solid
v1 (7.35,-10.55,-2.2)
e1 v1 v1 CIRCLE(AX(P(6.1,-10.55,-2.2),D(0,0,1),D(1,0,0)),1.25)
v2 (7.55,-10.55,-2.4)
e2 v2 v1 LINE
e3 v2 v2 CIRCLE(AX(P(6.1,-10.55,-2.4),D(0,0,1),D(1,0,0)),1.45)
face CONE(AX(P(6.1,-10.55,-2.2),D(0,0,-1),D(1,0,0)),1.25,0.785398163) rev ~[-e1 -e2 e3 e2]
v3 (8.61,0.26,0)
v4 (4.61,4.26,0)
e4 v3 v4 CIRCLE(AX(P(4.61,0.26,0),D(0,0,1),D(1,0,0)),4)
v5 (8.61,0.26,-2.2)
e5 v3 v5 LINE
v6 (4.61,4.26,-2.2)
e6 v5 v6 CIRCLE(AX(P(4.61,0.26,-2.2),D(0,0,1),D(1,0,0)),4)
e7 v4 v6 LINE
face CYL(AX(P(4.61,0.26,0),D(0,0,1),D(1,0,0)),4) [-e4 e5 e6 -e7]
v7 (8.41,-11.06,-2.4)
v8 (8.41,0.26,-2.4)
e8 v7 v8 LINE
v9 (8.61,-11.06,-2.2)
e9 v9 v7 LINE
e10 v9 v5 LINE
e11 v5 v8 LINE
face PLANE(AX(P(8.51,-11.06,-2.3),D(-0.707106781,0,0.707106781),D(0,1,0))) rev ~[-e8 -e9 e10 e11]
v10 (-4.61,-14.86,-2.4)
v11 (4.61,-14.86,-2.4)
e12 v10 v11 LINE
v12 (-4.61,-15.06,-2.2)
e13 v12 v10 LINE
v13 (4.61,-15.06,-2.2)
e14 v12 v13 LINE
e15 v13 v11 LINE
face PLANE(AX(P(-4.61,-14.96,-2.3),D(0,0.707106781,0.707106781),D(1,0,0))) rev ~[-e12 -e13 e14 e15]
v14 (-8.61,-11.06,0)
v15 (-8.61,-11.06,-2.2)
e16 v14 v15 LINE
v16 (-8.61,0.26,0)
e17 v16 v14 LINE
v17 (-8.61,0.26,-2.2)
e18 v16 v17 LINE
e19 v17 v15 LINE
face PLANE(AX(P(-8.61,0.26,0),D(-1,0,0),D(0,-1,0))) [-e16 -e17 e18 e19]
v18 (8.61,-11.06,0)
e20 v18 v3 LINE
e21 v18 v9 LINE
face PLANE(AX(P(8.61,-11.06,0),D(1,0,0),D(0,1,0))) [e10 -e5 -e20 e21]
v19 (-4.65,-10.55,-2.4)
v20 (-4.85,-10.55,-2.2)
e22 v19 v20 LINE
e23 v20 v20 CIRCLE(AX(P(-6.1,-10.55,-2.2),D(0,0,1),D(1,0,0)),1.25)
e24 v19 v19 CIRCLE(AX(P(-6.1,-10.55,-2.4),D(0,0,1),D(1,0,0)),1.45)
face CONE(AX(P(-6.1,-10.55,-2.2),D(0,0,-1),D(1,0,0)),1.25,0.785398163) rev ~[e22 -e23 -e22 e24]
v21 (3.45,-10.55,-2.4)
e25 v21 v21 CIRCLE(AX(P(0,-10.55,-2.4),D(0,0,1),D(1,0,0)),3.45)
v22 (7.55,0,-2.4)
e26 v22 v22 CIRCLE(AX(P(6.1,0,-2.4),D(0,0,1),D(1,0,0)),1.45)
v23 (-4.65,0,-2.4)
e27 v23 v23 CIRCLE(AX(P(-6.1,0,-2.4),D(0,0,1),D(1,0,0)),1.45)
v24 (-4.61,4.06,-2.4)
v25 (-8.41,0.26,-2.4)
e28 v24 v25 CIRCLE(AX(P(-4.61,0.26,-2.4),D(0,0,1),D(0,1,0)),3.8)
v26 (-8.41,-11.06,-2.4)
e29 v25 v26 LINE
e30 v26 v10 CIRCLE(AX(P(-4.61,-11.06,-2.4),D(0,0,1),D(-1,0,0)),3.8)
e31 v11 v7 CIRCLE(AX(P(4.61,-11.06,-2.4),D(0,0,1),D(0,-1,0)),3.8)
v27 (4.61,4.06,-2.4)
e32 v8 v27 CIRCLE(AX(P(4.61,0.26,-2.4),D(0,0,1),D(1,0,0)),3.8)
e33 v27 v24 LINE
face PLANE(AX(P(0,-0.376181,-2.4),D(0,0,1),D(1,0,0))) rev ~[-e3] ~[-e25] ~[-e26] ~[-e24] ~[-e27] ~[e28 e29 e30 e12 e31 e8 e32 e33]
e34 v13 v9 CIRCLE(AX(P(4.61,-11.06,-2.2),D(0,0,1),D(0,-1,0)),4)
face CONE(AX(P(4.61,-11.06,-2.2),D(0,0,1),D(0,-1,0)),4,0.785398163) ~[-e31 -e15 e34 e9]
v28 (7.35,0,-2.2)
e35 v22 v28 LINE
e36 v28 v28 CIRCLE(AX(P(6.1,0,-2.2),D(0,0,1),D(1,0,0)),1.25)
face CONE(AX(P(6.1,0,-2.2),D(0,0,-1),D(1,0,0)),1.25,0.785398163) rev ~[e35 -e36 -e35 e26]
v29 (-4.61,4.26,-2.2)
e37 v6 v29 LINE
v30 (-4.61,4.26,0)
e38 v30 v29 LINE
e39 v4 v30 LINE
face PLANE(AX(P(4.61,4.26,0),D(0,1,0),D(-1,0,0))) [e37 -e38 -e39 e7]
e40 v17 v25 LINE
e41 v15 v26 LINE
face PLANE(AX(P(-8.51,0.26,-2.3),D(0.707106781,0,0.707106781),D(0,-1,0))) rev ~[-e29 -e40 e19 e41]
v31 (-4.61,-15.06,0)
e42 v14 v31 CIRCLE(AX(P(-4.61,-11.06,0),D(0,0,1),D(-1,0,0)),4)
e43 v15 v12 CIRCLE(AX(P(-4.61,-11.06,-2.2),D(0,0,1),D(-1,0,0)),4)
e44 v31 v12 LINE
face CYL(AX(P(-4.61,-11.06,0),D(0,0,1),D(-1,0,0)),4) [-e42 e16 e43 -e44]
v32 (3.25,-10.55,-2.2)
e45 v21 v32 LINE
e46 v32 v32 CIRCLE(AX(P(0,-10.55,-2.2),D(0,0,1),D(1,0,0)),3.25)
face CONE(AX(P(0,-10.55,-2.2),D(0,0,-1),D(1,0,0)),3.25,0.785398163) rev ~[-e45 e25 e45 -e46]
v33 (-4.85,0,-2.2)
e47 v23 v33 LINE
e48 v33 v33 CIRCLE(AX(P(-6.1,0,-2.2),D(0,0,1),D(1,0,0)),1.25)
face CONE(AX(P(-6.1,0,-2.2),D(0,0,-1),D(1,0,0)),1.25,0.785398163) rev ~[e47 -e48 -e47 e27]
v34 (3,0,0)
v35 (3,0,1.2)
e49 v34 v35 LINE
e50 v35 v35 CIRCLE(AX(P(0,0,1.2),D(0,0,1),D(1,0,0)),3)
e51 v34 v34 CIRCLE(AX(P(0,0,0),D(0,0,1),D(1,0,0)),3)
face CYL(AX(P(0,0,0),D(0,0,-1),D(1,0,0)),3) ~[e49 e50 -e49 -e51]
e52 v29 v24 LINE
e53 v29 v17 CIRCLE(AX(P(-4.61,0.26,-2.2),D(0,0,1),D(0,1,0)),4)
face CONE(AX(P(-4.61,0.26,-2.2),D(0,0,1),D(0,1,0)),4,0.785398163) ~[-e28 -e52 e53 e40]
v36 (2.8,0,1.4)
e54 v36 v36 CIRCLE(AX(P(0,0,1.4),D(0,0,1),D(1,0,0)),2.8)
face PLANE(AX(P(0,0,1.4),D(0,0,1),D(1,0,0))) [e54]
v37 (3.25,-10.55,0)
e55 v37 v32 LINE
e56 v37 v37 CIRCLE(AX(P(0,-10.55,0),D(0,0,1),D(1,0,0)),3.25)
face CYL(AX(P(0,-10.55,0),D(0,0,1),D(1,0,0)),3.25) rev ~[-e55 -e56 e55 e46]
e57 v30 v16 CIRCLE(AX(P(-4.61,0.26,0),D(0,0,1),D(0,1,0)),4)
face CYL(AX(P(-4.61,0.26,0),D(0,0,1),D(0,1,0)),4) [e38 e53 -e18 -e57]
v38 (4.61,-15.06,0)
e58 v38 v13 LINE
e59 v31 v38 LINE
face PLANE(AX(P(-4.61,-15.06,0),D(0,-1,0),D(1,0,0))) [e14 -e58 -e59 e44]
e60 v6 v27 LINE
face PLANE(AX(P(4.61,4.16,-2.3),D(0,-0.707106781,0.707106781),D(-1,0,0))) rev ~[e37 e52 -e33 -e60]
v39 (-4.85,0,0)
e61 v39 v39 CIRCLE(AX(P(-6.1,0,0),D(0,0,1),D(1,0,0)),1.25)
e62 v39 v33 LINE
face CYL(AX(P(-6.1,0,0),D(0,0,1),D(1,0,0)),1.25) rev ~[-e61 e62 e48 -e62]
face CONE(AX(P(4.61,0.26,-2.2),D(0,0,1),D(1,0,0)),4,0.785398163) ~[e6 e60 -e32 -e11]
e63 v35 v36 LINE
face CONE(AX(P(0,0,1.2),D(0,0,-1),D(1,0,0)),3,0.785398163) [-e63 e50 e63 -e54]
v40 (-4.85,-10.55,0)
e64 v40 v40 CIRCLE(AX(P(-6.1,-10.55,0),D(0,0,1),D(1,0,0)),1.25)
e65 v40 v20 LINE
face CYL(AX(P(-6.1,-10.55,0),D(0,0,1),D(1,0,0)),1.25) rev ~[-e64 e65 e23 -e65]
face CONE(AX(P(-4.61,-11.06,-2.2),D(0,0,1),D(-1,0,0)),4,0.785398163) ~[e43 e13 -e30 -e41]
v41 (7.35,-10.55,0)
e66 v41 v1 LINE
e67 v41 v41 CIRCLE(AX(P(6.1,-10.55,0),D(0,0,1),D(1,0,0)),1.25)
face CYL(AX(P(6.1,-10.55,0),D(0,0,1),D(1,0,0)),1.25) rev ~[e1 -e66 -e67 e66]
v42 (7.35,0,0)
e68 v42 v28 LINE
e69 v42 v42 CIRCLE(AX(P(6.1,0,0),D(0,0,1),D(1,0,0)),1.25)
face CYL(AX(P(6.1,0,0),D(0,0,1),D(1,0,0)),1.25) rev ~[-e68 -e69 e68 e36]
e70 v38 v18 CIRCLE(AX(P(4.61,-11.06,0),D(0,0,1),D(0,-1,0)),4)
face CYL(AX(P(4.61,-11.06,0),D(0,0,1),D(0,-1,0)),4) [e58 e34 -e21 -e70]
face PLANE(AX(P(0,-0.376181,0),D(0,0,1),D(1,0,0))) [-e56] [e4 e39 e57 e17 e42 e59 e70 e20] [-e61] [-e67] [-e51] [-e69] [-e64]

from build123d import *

# Parameters (mm, degrees)
F0_R     = 1.25
F0_R_2   = 3
F0_R_3   = 3.25
F1_DEPTH = 2.4
F2_DEPTH = 1.4
F3_SIZE  = 0.2
F4_SIZE  = 0.2


with BuildPart() as f1:
    # F0 (on Top) → F1 (new body)
    with BuildSketch(Plane.XY):
        with BuildLine():
            ThreePointArc((8.61, 0.26), (7.4384271247, 3.0884271247), (4.61, 4.26))
            Line((4.61, 4.26), (-4.61, 4.26))
            ThreePointArc((-4.61, 4.26), (-7.4384271247, 3.0884271247), (-8.61, 0.26))
            Line((-8.61, 0.26), (-8.61, -4.26))
            Line((-8.61, -4.26), (8.61, -4.26))
            Line((8.61, -4.26), (8.61, 0.26))
        make_face()
        with Locations((-6.1, 0)):
            Circle(F0_R, mode=Mode.SUBTRACT)
        Circle(F0_R_2, mode=Mode.SUBTRACT)
        with Locations((6.1, 0)):
            Circle(F0_R, mode=Mode.SUBTRACT)
        with BuildLine():
            Line((8.61, -11.06), (8.61, -4.26))
            Line((8.61, -4.26), (-8.61, -4.26))
            Line((-8.61, -4.26), (-8.61, -11.06))
            ThreePointArc((-8.61, -11.06), (-7.4384271247, -13.8884271247), (-4.61, -15.06))
            Line((-4.61, -15.06), (4.61, -15.06))
            ThreePointArc((4.61, -15.06), (7.4384271247, -13.8884271247), (8.61, -11.06))
        make_face()
        with Locations((-6.1, -10.55)):
            Circle(F0_R, mode=Mode.SUBTRACT)
        with Locations((0, -10.55)):
            Circle(F0_R_3, mode=Mode.SUBTRACT)
        with Locations((6.1, -10.55)):
            Circle(F0_R, mode=Mode.SUBTRACT)
        Circle(F0_R_2)
    extrude(amount=-F1_DEPTH)

    # F0 (on Top) → F2 (join)
    with BuildSketch(Plane.XY):
        Circle(F0_R_2)
    extrude(amount=F2_DEPTH)

    # F3
    f3_edges = [f1.edges().sort_by_distance(p)[0] for p in [
        (7.438427, 3.088427, -2.4),
        (0, 4.26, -2.4),
        (-7.438427, 3.088427, -2.4),
        (-8.61, -5.4, -2.4),
        (-7.438427, -13.888427, -2.4),
        (0, -15.06, -2.4),
        (7.438427, -13.888427, -2.4),
        (8.61, -5.4, -2.4),
        (-7.35, 0, -2.4),
        (4.85, 0, -2.4),
        (4.85, -10.55, -2.4),
        (-7.35, -10.55, -2.4),
        (-3.25, -10.55, -2.4),
    ]]
    chamfer(f3_edges, length=F3_SIZE)

    # F4
    f4_edges = [f1.edges().sort_by_distance(p)[0] for p in [
        (-3, 0, 1.4),
    ]]
    chamfer(f4_edges, length=F4_SIZE)


solid = f1.part
